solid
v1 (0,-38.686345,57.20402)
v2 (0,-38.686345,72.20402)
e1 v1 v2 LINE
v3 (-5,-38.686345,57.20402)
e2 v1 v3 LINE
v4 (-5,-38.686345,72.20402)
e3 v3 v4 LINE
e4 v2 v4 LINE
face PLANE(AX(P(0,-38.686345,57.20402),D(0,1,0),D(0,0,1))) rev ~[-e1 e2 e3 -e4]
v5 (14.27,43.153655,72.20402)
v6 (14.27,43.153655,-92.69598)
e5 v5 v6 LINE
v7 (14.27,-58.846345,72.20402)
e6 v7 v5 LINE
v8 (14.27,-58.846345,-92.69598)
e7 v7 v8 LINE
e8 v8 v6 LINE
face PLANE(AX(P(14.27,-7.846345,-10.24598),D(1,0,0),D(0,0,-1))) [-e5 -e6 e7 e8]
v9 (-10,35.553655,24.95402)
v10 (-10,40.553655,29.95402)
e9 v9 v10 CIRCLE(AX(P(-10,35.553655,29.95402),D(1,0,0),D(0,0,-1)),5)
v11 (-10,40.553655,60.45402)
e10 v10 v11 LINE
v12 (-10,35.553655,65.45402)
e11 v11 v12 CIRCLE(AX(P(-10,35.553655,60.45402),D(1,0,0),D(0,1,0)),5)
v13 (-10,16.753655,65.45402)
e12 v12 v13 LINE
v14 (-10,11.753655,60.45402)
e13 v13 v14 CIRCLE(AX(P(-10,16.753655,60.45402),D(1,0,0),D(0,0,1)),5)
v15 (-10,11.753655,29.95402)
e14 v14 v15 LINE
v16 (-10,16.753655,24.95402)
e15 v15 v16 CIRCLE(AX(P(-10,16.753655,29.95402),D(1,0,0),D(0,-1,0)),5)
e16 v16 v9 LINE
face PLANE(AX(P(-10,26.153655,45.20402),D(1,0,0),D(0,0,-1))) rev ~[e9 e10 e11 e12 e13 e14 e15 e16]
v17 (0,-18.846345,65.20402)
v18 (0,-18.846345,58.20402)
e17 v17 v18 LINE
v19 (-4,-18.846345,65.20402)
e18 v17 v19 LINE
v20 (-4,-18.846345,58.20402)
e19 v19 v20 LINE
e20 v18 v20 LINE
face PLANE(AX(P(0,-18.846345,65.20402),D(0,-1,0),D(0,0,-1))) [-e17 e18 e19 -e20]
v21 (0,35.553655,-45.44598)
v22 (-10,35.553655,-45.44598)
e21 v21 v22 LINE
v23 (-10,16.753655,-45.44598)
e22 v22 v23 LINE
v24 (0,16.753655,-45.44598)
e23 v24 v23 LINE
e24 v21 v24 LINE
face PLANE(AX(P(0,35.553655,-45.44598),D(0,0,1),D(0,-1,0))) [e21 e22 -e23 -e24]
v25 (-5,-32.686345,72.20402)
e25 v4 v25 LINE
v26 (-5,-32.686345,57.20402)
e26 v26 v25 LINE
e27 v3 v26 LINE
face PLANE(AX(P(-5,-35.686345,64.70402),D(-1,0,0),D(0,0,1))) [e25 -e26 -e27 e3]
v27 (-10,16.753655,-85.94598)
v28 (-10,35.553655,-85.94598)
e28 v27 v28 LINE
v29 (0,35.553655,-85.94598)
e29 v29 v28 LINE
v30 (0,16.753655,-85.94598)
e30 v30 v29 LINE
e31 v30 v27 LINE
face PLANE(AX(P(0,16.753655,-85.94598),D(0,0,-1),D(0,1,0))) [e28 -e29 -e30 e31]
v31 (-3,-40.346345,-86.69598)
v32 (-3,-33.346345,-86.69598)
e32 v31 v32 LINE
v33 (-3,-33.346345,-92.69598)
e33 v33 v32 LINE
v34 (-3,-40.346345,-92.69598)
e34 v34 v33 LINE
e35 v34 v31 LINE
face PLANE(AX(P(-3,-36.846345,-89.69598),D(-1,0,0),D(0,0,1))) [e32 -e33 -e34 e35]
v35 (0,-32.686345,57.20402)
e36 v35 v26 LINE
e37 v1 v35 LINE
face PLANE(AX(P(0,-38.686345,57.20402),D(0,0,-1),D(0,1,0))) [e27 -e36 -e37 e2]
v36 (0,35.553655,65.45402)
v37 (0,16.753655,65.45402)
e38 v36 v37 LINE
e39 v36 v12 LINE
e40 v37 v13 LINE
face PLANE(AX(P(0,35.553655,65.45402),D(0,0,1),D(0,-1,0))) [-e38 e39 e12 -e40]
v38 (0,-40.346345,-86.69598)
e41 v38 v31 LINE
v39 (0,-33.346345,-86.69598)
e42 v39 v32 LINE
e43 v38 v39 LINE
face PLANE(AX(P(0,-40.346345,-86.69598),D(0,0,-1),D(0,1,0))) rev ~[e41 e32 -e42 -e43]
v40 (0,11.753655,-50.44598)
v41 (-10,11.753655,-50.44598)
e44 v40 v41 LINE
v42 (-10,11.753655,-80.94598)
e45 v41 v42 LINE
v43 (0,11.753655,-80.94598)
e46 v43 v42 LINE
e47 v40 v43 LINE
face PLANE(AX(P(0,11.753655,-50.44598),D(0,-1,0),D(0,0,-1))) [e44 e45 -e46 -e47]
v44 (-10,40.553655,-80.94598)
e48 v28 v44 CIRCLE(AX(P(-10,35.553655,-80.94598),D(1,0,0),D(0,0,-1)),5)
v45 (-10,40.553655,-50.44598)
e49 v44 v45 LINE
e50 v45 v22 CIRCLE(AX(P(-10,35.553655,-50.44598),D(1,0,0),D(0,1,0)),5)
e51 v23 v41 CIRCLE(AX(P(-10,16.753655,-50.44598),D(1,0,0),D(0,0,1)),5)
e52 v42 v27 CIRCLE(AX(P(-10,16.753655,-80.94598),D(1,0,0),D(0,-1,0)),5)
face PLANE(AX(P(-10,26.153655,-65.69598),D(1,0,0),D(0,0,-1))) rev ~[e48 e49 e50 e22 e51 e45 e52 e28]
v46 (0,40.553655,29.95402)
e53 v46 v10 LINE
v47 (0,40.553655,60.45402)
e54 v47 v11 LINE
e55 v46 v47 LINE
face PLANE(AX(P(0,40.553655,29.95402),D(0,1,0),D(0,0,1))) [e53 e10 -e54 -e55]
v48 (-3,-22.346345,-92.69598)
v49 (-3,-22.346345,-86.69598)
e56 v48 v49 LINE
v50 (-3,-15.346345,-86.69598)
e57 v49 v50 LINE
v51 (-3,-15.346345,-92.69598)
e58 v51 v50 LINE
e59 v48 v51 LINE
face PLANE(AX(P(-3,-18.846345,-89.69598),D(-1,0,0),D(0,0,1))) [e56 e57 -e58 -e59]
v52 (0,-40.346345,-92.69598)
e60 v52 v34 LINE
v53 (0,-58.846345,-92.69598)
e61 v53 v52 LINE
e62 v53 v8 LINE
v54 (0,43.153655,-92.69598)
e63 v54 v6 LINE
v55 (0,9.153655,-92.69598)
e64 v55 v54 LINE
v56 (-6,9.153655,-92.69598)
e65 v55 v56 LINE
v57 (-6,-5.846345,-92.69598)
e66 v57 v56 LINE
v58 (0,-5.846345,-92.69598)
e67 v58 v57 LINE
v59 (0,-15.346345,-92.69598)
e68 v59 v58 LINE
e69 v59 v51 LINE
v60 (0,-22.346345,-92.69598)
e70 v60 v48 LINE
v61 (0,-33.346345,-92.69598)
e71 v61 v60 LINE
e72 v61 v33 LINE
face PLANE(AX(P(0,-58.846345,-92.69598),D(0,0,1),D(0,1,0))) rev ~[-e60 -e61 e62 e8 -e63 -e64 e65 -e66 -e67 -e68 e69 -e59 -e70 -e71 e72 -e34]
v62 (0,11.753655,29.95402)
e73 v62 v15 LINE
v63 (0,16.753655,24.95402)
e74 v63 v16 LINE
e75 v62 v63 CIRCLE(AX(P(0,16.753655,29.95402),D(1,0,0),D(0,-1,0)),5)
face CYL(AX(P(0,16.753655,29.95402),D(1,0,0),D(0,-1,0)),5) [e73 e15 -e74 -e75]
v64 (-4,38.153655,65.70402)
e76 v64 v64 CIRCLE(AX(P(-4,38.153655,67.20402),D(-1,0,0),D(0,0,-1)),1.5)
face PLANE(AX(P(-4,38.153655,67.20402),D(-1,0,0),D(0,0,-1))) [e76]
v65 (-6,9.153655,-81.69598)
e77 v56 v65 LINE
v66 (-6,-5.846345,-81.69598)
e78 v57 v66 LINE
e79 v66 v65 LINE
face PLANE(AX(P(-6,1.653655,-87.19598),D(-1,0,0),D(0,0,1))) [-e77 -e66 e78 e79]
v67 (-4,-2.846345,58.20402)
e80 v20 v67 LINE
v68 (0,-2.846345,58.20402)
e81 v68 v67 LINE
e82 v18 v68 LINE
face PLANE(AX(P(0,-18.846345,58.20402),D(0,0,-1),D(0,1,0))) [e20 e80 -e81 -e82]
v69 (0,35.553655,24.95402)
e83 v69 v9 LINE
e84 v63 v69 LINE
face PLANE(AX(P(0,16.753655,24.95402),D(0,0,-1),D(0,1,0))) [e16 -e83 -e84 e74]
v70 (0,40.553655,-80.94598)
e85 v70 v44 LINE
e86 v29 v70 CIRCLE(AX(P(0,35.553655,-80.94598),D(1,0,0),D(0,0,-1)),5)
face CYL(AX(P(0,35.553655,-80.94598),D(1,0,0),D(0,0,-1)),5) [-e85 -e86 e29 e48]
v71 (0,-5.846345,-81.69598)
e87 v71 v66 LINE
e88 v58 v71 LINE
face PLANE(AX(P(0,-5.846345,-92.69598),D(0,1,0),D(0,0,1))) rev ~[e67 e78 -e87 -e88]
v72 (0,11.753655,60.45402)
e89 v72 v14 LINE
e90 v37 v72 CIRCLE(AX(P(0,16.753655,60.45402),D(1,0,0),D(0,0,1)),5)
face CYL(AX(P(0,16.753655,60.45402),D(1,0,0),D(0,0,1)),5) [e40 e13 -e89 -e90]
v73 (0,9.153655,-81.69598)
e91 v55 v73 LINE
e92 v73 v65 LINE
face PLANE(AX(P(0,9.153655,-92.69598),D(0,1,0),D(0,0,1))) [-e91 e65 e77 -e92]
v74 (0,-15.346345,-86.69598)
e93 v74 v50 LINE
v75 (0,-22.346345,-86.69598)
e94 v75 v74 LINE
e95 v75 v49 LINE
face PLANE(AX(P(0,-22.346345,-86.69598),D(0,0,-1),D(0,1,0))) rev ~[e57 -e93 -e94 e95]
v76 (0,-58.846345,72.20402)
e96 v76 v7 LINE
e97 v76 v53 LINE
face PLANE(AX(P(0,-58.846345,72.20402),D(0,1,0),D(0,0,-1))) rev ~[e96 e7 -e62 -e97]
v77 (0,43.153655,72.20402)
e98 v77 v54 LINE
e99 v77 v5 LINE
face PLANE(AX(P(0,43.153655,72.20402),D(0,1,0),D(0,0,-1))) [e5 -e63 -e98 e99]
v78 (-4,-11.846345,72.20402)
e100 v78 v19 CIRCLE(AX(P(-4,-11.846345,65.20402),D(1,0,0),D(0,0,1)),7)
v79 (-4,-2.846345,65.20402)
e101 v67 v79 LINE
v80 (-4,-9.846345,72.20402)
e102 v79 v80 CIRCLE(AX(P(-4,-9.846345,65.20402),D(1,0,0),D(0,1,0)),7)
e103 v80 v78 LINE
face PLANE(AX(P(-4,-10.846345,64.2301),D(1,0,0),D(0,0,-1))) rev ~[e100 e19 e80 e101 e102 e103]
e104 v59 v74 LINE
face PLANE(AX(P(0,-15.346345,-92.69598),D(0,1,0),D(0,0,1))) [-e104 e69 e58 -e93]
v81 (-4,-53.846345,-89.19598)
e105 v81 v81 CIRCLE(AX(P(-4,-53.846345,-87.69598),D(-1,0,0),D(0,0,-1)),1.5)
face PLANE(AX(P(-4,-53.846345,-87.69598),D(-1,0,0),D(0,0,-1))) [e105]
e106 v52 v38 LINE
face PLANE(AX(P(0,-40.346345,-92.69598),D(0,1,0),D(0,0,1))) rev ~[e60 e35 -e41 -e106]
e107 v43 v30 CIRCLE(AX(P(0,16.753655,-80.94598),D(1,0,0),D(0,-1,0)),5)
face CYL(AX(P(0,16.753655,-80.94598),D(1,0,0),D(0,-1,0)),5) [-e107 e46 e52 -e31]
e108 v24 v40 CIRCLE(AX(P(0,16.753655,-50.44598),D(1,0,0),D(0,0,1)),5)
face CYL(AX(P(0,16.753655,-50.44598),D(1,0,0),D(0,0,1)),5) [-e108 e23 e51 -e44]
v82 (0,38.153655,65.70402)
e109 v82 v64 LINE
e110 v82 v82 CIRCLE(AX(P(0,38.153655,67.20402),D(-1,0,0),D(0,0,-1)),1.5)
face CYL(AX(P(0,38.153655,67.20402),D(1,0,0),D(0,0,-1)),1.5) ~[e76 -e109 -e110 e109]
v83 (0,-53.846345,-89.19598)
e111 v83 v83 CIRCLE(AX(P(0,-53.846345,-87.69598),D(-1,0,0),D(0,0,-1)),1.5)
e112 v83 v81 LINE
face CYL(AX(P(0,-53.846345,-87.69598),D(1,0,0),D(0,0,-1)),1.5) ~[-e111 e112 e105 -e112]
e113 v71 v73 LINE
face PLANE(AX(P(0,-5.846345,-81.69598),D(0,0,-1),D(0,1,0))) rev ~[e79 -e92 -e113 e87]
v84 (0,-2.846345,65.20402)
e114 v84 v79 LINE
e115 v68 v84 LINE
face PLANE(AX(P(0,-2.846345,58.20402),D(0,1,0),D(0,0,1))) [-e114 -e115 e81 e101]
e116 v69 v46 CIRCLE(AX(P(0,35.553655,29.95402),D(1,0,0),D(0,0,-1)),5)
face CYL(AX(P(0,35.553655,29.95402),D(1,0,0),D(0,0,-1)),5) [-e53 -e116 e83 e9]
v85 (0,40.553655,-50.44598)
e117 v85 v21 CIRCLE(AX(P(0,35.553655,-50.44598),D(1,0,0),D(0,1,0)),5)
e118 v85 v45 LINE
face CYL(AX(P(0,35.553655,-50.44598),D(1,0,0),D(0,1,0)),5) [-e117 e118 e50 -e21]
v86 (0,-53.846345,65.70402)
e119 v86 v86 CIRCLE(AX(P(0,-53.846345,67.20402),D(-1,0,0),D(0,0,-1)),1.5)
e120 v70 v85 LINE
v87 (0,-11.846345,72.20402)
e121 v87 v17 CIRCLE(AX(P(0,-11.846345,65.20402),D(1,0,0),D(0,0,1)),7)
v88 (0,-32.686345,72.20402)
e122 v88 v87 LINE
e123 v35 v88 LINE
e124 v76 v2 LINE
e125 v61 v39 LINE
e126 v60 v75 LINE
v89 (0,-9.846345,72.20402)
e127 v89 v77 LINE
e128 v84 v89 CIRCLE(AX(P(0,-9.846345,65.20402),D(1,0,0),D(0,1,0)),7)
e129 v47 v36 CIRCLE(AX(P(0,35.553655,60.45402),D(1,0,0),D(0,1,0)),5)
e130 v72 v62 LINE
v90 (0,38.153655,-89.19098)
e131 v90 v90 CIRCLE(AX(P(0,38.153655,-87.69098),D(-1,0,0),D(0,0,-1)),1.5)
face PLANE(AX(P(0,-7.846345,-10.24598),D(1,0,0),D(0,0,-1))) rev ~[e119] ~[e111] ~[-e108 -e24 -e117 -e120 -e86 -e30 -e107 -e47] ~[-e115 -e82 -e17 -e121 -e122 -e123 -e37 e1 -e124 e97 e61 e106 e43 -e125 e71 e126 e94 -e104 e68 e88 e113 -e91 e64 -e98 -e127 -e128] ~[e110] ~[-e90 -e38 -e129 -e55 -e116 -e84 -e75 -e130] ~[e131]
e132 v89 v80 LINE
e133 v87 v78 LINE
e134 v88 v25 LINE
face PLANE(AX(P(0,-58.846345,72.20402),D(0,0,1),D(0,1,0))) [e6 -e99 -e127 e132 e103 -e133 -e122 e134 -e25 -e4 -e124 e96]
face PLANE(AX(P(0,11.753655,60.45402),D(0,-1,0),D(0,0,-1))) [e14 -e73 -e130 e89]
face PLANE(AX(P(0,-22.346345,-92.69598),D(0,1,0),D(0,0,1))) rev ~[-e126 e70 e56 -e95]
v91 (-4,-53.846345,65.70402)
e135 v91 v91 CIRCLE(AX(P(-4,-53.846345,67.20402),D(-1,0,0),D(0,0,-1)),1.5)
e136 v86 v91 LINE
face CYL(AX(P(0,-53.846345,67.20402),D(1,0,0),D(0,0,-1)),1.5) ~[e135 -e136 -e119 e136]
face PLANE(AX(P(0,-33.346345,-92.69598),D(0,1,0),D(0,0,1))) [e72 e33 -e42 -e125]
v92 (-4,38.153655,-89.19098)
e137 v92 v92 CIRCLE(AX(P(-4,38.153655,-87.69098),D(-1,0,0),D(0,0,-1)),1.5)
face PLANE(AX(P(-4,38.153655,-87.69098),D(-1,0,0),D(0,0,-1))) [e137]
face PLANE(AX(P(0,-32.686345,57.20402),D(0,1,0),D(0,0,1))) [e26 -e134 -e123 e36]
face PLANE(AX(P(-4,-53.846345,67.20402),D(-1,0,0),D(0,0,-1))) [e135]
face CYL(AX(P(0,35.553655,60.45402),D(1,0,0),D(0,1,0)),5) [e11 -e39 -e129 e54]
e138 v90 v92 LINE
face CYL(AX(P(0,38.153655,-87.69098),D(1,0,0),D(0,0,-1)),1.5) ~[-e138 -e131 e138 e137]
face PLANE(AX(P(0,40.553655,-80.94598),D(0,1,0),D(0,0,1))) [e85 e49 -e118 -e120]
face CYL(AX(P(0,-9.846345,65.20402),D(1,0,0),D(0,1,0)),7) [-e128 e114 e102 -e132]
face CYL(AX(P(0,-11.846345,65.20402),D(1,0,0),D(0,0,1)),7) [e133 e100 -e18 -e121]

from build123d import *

# Parameters (mm, degrees)
CROQUIS1_W              = 164.9
CROQUIS1_H              = 102
SALIENTE_EXTRUIR1_DEPTH = 14.27
CROQUIS2_W              = 11
CROQUIS2_H              = 15
SALIENTE_EXTRUIR3_DEPTH = 6
CROQUIS3_W              = 6
CROQUIS3_H              = 7
SALIENTE_EXTRUIR4_DEPTH = 3
CROQUIS4_W              = 15
CROQUIS4_H              = 6
SALIENTE_EXTRUIR5_DEPTH = 5
SALIENTE_EXTRUIR6_DEPTH = 10
SALIENTE_EXTRUIR7_DEPTH = 4
CROQUIS7_R              = 1.5
SALIENTE_EXTRUIR8_DEPTH = 4


with BuildPart() as part:
    # Croquis1 → Saliente-Extruir1 (new body)
    with BuildSketch(Plane(origin=(0, 0, 0), x_dir=(0, 0, -1), z_dir=(1, 0, 0))):
        with Locations((10.245979532, -7.846345029)):
            Rectangle(CROQUIS1_W, CROQUIS1_H)
    extrude(amount=SALIENTE_EXTRUIR1_DEPTH)

    # Croquis2 → Saliente-Extruir3 (add)
    with BuildSketch(Plane.ZY):
        with Locations((-87.195979532, 1.653654971)):
            Rectangle(CROQUIS2_W, CROQUIS2_H)
    extrude(amount=SALIENTE_EXTRUIR3_DEPTH)

    # Croquis3 → Saliente-Extruir4 (add)
    with BuildSketch(Plane.ZY):
        with Locations((-89.695979532, -36.846345029)):
            Rectangle(CROQUIS3_W, CROQUIS3_H)
        with Locations((-89.695979532, -18.846345029)):
            Rectangle(CROQUIS3_W, CROQUIS3_H)
    extrude(amount=SALIENTE_EXTRUIR4_DEPTH)

    # Croquis4 → Saliente-Extruir5 (add)
    with BuildSketch(Plane.ZY):
        with Locations((64.704020468, -35.686345029)):
            Rectangle(CROQUIS4_W, CROQUIS4_H)
    extrude(amount=SALIENTE_EXTRUIR5_DEPTH)

    # Croquis5 → Saliente-Extruir6 (add)
    with BuildSketch(Plane.ZY):
        with BuildLine():
            Line((-80.945979532, 40.553654971), (-50.445979532, 40.553654971))
            ThreePointArc((-50.445979532, 40.553654971), (-46.910445626, 39.089188877), (-45.445979532, 35.553654971))
            Line((-45.445979532, 35.553654971), (-45.445979532, 16.753654971))
            ThreePointArc((-45.445979532, 16.753654971), (-46.910445626, 13.218121065), (-50.445979532, 11.753654971))
            Line((-50.445979532, 11.753654971), (-80.945979532, 11.753654971))
            ThreePointArc((-80.945979532, 11.753654971), (-84.481513438, 13.218121065), (-85.945979532, 16.753654971))
            Line((-85.945979532, 16.753654971), (-85.945979532, 35.553654971))
            ThreePointArc((-85.945979532, 35.553654971), (-84.481513438, 39.089188877), (-80.945979532, 40.553654971))
        make_face()
        with BuildLine():
            Line((29.954020468, 40.553654971), (60.454020468, 40.553654971))
            ThreePointArc((60.454020468, 40.553654971), (63.989554374, 39.089188877), (65.454020468, 35.553654971))
            Line((65.454020468, 35.553654971), (65.454020468, 16.753654971))
            ThreePointArc((65.454020468, 16.753654971), (63.989554374, 13.218121065), (60.454020468, 11.753654971))
            Line((60.454020468, 11.753654971), (29.954020468, 11.753654971))
            ThreePointArc((29.954020468, 11.753654971), (26.418486562, 13.218121065), (24.954020468, 16.753654971))
            Line((24.954020468, 16.753654971), (24.954020468, 35.553654971))
            ThreePointArc((24.954020468, 35.553654971), (26.418486562, 39.089188877), (29.954020468, 40.553654971))
        make_face()
    extrude(amount=SALIENTE_EXTRUIR6_DEPTH)

    # Croquis6 → Saliente-Extruir7 (add)
    with BuildSketch(Plane.ZY):
        with BuildLine():
            Line((58.204020468, -2.846345029), (65.204020468, -2.846345029))
            ThreePointArc((65.204020468, -2.846345029), (70.153767936, -4.896597561), (72.204020468, -9.846345029))
            Line((72.204020468, -9.846345029), (72.204020468, -11.846345029))
            ThreePointArc((72.204020468, -11.846345029), (70.153767936, -16.796092498), (65.204020468, -18.846345029))
            Line((65.204020468, -18.846345029), (58.204020468, -18.846345029))
            Line((58.204020468, -18.846345029), (58.204020468, -2.846345029))
        make_face()
    extrude(amount=SALIENTE_EXTRUIR7_DEPTH)

    # Croquis7 → Saliente-Extruir8 (add)
    with BuildSketch(Plane.ZY):
        with Locations(Location((-87.690979532, 38.153654971, 0), (0, 0, 180))):
            Circle(CROQUIS7_R)
        with Locations(Location((67.204020468, 38.153654971, 0), (0, 0, 180))):
            Circle(CROQUIS7_R)
        with Locations(Location((-87.695979532, -53.846345029, 0), (0, 0, 180))):
            Circle(CROQUIS7_R)
        with Locations(Location((67.204020468, -53.846345029, 0), (0, 0, 180))):
            Circle(CROQUIS7_R)
    extrude(amount=SALIENTE_EXTRUIR8_DEPTH)


solid = part.part
